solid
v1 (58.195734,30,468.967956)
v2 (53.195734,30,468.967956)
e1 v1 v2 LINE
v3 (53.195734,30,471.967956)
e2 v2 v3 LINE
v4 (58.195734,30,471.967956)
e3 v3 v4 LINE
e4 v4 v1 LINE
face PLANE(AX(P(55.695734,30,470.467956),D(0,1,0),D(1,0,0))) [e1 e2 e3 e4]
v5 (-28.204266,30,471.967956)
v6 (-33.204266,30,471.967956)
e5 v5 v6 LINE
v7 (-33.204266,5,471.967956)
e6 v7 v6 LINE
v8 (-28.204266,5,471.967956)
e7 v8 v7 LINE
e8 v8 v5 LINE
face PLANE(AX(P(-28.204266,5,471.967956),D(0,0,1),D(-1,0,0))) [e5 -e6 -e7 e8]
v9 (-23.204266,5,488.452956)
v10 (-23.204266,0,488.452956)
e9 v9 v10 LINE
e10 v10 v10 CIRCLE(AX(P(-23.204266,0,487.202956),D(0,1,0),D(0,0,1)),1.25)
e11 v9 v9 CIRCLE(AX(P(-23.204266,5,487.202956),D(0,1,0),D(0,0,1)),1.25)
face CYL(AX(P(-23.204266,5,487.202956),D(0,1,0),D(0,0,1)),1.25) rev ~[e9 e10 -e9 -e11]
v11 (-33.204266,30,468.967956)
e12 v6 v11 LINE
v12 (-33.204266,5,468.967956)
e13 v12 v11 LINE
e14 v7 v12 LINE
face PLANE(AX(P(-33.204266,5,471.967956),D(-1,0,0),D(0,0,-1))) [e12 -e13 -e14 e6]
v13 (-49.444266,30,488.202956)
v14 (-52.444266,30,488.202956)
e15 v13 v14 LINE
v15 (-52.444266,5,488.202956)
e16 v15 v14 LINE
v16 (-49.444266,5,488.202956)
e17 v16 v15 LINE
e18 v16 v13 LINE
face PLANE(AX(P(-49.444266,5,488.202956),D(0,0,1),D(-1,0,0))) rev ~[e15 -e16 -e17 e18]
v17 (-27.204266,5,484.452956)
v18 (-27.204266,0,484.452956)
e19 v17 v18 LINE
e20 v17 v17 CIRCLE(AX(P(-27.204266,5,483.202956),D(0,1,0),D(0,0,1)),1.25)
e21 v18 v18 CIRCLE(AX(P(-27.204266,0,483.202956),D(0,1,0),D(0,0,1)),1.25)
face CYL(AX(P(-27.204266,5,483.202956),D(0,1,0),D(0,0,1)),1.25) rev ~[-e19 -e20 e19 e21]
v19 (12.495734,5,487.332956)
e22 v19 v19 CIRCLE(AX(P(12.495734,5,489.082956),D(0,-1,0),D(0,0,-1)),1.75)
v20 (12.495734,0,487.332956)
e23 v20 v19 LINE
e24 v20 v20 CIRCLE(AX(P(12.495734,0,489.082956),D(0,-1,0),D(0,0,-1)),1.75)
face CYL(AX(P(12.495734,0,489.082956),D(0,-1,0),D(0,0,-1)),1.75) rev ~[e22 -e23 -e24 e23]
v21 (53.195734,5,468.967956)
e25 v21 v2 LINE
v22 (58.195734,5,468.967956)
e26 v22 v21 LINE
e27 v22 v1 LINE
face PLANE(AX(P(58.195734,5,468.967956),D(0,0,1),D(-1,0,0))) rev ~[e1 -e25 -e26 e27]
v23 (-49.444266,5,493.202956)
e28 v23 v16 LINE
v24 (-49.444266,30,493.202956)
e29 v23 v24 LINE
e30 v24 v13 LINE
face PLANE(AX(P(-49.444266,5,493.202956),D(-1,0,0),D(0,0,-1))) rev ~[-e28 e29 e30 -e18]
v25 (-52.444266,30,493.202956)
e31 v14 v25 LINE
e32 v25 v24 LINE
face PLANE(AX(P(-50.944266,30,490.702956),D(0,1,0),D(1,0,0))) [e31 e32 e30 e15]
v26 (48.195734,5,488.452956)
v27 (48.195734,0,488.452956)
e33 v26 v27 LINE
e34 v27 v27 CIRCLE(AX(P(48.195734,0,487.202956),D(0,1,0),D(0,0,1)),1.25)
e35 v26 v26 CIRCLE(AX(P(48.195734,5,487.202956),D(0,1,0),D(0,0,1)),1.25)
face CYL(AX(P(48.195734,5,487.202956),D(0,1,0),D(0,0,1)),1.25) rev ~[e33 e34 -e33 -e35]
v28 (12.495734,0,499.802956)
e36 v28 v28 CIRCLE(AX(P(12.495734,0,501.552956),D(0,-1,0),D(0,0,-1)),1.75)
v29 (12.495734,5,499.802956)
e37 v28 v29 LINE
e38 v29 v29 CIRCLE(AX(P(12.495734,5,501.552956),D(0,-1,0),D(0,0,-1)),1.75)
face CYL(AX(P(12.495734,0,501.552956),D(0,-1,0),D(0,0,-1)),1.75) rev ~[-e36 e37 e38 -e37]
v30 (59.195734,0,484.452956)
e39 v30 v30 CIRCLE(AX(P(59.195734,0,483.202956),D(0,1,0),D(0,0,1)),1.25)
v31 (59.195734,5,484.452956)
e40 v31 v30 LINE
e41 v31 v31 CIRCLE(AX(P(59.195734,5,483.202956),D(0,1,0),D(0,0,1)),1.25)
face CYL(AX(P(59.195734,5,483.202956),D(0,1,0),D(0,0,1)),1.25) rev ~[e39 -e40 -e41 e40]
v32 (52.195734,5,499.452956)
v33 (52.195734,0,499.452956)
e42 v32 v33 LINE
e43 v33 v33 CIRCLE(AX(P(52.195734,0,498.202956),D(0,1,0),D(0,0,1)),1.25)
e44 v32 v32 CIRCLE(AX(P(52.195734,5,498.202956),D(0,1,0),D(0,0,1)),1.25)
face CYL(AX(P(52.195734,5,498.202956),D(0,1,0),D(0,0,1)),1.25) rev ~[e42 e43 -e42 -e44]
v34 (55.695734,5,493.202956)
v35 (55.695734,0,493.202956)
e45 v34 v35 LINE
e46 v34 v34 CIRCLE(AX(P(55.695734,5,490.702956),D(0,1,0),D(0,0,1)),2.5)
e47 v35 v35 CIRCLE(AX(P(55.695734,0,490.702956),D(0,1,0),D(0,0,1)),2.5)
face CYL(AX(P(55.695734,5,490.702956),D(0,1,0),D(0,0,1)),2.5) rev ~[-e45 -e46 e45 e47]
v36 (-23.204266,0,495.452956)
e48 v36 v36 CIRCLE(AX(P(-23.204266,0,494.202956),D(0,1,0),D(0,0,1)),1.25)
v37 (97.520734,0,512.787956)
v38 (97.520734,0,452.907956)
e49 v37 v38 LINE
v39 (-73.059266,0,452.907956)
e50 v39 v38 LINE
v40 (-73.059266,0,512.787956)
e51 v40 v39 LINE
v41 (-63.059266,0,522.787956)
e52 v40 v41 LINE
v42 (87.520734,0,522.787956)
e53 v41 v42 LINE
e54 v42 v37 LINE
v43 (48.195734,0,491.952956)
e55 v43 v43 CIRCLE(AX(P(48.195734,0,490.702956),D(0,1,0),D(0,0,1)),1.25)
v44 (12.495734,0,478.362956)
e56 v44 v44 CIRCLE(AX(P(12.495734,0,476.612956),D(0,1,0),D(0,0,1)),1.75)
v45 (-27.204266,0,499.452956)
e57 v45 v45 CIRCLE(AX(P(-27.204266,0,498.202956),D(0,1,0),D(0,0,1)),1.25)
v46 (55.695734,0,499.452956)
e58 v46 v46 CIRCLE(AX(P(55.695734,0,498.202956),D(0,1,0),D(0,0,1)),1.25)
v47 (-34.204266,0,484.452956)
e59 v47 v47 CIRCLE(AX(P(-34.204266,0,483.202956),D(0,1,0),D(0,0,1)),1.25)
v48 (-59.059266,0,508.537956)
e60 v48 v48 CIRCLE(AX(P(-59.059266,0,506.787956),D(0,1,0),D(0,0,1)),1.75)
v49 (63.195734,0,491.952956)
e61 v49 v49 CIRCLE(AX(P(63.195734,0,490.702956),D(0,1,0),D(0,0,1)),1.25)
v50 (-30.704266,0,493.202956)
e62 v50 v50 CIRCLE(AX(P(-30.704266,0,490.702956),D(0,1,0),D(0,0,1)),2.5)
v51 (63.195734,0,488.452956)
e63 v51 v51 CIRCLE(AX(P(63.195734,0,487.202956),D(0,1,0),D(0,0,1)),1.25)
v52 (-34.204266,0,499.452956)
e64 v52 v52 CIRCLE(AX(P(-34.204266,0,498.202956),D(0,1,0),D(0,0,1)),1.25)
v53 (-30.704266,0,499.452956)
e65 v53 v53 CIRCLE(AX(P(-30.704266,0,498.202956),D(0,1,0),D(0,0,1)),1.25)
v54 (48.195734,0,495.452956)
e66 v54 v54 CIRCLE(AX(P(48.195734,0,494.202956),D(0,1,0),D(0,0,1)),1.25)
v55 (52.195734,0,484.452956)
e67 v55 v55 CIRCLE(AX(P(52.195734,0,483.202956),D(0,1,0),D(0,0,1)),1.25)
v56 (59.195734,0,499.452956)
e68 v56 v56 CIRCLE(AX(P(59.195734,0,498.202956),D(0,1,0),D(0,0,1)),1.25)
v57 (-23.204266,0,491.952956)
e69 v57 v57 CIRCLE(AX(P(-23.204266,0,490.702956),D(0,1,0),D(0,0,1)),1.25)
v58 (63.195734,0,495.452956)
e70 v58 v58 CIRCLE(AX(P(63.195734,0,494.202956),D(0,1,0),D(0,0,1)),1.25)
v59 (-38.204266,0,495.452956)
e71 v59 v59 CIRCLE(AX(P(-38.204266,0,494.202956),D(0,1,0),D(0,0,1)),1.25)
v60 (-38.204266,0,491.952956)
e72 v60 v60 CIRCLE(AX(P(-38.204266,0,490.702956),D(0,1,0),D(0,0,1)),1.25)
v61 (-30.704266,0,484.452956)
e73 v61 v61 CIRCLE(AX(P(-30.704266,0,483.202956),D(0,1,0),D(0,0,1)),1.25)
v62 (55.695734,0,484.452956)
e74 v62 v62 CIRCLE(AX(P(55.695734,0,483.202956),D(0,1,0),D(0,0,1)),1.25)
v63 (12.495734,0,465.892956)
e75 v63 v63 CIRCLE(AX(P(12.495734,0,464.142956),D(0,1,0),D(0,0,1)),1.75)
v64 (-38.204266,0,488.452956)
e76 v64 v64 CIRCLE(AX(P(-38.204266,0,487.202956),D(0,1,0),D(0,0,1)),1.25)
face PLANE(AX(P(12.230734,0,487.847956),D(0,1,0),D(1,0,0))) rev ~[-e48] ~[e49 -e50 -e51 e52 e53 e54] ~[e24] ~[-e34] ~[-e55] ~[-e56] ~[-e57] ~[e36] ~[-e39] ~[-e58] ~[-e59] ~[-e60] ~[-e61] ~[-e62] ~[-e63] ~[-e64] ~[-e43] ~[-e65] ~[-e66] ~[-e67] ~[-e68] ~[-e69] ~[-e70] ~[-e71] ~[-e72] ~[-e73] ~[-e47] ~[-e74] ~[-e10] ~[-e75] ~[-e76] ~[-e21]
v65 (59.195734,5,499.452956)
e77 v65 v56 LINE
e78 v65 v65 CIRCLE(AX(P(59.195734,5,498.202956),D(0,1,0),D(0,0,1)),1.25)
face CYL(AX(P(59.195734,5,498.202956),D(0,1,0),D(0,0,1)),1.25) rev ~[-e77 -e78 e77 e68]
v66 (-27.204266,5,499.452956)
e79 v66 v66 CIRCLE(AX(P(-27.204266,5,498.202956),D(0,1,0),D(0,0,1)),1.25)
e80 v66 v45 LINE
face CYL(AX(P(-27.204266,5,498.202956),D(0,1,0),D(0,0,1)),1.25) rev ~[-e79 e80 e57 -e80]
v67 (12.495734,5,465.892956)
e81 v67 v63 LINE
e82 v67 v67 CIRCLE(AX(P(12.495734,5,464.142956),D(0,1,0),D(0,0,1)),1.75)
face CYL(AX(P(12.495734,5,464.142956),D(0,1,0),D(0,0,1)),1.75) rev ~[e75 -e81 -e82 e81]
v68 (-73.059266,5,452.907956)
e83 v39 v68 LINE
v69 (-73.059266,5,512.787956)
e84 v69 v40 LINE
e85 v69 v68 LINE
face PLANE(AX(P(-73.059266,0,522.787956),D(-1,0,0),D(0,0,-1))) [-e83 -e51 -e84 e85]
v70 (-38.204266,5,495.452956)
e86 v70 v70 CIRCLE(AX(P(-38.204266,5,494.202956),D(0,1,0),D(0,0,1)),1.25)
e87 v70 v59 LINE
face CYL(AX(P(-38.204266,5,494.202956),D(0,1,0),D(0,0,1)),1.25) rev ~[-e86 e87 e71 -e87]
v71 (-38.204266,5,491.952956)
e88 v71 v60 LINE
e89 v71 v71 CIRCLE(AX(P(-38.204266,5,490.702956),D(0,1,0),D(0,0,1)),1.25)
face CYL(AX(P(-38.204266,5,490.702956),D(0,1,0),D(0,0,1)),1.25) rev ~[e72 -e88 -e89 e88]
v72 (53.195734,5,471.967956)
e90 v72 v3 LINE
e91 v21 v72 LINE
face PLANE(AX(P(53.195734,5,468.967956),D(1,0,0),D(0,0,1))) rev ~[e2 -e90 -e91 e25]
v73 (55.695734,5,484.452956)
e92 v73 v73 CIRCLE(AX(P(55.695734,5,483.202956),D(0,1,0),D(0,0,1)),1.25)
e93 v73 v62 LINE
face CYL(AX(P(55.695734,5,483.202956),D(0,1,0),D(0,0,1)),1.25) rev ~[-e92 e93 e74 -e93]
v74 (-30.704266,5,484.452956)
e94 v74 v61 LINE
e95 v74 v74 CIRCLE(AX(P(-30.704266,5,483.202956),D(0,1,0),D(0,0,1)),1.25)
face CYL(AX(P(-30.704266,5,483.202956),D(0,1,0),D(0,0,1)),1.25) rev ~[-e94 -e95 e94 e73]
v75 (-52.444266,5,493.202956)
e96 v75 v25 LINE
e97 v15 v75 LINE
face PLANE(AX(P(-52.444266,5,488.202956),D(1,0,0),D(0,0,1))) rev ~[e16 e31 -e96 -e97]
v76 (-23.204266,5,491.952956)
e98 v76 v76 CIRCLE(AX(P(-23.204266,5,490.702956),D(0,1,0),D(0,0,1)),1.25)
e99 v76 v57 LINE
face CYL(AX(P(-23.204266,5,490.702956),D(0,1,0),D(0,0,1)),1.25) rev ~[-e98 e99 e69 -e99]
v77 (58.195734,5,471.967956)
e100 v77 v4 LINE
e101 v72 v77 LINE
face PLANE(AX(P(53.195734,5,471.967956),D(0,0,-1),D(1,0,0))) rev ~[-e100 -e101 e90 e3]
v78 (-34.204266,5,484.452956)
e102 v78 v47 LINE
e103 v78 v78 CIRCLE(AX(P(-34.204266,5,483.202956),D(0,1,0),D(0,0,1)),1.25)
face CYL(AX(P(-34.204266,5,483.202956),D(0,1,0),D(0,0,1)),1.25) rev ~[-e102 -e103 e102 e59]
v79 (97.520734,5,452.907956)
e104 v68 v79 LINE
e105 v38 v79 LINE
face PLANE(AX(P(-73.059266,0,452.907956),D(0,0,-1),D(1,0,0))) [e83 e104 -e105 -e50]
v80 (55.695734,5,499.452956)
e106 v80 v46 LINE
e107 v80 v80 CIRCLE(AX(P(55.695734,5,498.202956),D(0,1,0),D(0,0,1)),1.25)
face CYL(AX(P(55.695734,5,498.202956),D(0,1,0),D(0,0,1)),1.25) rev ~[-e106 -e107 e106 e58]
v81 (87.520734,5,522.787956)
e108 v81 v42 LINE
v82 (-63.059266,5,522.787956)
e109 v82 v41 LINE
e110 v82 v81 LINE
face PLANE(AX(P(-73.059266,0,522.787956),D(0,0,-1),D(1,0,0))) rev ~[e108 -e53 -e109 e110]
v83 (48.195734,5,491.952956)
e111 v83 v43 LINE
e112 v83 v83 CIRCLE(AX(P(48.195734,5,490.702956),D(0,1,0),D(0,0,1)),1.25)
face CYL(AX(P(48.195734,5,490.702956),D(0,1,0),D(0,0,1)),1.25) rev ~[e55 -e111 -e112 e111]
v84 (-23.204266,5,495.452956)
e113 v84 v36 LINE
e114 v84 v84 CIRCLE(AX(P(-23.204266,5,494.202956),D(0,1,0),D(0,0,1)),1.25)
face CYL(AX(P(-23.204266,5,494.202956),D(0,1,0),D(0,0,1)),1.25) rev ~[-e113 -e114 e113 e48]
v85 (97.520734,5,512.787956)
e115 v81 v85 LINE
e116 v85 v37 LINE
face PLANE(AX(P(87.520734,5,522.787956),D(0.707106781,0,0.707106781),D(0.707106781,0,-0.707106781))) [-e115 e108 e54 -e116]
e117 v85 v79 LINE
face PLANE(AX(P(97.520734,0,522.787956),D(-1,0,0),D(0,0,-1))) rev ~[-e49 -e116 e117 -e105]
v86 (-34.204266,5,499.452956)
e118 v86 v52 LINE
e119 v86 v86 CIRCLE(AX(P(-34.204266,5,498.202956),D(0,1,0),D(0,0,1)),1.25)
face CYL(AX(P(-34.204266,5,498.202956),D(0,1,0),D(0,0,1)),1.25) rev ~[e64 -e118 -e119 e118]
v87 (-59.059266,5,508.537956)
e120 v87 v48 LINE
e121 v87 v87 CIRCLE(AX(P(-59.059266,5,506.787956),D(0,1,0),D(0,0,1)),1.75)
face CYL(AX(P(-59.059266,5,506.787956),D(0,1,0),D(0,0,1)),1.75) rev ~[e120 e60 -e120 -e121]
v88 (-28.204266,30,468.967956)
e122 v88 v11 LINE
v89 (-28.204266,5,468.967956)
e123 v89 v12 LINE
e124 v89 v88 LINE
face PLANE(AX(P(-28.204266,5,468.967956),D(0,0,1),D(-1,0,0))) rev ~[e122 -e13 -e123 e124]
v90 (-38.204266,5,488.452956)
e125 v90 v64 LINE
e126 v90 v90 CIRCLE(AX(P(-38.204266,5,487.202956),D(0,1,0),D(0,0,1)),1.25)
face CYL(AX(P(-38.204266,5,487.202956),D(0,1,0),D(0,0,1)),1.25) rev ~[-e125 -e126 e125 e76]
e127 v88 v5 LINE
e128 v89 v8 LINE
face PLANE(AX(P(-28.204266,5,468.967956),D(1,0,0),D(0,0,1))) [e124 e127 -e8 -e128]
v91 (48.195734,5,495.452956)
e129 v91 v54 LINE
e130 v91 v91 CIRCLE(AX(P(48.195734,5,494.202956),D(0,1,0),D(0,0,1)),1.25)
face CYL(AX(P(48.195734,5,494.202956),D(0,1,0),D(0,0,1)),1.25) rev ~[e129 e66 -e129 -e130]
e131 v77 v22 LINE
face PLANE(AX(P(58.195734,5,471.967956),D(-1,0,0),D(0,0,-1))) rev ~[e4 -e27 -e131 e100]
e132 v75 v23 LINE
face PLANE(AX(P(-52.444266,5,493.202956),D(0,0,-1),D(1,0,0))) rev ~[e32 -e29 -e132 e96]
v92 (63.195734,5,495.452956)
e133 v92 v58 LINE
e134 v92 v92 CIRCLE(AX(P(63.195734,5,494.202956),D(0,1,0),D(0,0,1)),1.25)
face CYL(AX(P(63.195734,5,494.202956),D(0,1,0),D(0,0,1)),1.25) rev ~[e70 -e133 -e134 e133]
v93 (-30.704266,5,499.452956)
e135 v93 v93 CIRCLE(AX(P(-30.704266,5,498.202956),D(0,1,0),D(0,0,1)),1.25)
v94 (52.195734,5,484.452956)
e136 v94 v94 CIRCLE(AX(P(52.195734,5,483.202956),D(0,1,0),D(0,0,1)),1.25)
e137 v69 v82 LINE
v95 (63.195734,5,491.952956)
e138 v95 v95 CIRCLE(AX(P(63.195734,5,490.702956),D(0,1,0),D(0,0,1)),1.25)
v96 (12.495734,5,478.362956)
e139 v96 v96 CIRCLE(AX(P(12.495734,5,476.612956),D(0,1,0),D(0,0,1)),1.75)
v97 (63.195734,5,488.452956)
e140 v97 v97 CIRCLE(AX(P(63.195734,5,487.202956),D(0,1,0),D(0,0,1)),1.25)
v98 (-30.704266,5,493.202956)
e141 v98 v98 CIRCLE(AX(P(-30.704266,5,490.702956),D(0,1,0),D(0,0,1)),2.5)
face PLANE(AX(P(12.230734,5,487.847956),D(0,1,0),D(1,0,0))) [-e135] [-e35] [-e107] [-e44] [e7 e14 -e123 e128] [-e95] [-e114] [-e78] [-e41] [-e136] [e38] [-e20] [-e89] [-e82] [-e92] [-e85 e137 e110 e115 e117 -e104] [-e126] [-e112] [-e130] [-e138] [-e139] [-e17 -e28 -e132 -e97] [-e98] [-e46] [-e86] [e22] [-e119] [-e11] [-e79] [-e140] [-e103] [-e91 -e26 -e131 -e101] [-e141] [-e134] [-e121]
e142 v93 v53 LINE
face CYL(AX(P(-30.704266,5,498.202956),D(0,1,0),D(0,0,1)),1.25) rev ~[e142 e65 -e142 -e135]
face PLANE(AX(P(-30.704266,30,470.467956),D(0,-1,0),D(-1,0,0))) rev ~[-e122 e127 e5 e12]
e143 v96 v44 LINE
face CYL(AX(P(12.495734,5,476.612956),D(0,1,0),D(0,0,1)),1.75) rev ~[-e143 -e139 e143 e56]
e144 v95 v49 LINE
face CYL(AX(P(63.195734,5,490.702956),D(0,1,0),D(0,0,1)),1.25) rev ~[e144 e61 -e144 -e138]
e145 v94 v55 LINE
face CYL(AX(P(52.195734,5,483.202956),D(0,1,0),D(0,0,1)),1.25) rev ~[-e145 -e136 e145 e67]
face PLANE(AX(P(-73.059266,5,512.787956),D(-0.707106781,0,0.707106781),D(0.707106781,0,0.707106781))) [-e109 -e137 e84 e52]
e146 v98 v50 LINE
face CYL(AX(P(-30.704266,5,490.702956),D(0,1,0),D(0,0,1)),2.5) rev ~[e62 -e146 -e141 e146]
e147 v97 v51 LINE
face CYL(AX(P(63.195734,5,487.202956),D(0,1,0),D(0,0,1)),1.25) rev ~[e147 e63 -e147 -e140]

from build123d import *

# Parameters (mm, degrees)
SKETCH1_W           = 170.58
SKETCH1_H           = 69.88
BOSS_EXTRUDE1_DEPTH = 5
SKETCH6_R           = 1.25
CUT_EXTRUDE2_DEPTH  = 8
SKETCH7_R           = 1.75
CUT_EXTRUDE3_DEPTH  = 8
BOSS_EXTRUDE2_DEPTH = 25
SKETCH9_R           = 1.75
SKETCH9_R_2         = 1.749999999
CUT_EXTRUDE4_DEPTH  = 10
CUT_EXTRUDE5_DEPTH  = 10
SKETCH11_R          = 2.5
CUT_EXTRUDE6_DEPTH  = 10


with BuildPart() as part:
    # Sketch1 → Boss-Extrude1 (new body)
    with BuildSketch(Plane(origin=(0, 0, 0), x_dir=(1, 0, 0), z_dir=(0, 1, 0))):
        with Locations((12.23073352, -487.847955707)):
            Rectangle(SKETCH1_W, SKETCH1_H)
    extrude(amount=BOSS_EXTRUDE1_DEPTH)

    # Sketch6 → Cut-Extrude2 (cut)
    with BuildSketch(Plane(origin=(0, 5, 0), x_dir=(1, 0, 0), z_dir=(0, 1, 0))):
        with Locations(Location((-30.70426648, -483.202955707, 0), (0, 0, 270))):
            Circle(SKETCH6_R)
        with Locations(Location((-23.20426648, -490.702955707, 0), (0, 0, 270))):
            Circle(SKETCH6_R)
        with Locations(Location((-30.70426648, -498.202955707, 0), (0, 0, 270))):
            Circle(SKETCH6_R)
        with Locations(Location((-38.20426648, -490.702955707, 0), (0, 0, 270))):
            Circle(SKETCH6_R)
        with Locations(Location((-38.20426648, -487.202955707, 0), (0, 0, 270))):
            Circle(SKETCH6_R)
        with Locations(Location((-38.20426648, -494.202955707, 0), (0, 0, 270))):
            Circle(SKETCH6_R)
        with Locations(Location((-23.20426648, -487.202955707, 0), (0, 0, 270))):
            Circle(SKETCH6_R)
        with Locations(Location((-23.20426648, -494.202955707, 0), (0, 0, 270))):
            Circle(SKETCH6_R)
        with Locations(Location((-27.20426648, -498.202955707, 0), (0, 0, 270))):
            Circle(SKETCH6_R)
        with Locations(Location((-34.20426648, -498.202955707, 0), (0, 0, 270))):
            Circle(SKETCH6_R)
        with Locations(Location((-27.20426648, -483.202955707, 0), (0, 0, 270))):
            Circle(SKETCH6_R)
        with Locations(Location((-34.20426648, -483.202955707, 0), (0, 0, 270))):
            Circle(SKETCH6_R)
        with Locations(Location((55.69573352, -483.202955707, 0), (0, 0, 270))):
            Circle(SKETCH6_R)
        with Locations(Location((55.69573352, -498.202955707, 0), (0, 0, 270))):
            Circle(SKETCH6_R)
        with Locations(Location((63.19573352, -490.702955707, 0), (0, 0, 270))):
            Circle(SKETCH6_R)
        with Locations(Location((48.19573352, -490.702955707, 0), (0, 0, 270))):
            Circle(SKETCH6_R)
        with Locations(Location((59.19573352, -483.202955707, 0), (0, 0, 270))):
            Circle(SKETCH6_R)
        with Locations(Location((52.19573352, -483.202955707, 0), (0, 0, 270))):
            Circle(SKETCH6_R)
        with Locations(Location((48.19573352, -487.202955707, 0), (0, 0, 270))):
            Circle(SKETCH6_R)
        with Locations(Location((48.19573352, -494.202955707, 0), (0, 0, 270))):
            Circle(SKETCH6_R)
        with Locations(Location((59.19573352, -498.202955707, 0), (0, 0, 270))):
            Circle(SKETCH6_R)
        with Locations(Location((52.19573352, -498.202955707, 0), (0, 0, 270))):
            Circle(SKETCH6_R)
        with Locations(Location((63.19573352, -487.202955707, 0), (0, 0, 270))):
            Circle(SKETCH6_R)
        with Locations(Location((63.19573352, -494.202955707, 0), (0, 0, 270))):
            Circle(SKETCH6_R)
    extrude(amount=-CUT_EXTRUDE2_DEPTH, mode=Mode.SUBTRACT)

    # Sketch7 → Cut-Extrude3 (cut)
    with BuildSketch(Plane.XZ):
        with Locations(Location((12.49573352, 489.082955707, 0), (0, 0, 270))):
            Circle(SKETCH7_R)
        with Locations(Location((12.49573352, 501.552955707, 0), (0, 0, 270))):
            Circle(SKETCH7_R)
    extrude(amount=-CUT_EXTRUDE3_DEPTH, mode=Mode.SUBTRACT)

    # Sketch8 → Boss-Extrude2 (add)
    with BuildSketch(Plane(origin=(0, 5, 0), x_dir=(1, 0, 0), z_dir=(0, 1, 0))):
        Polygon((53.19573352, -471.967955707), (55.69573352, -471.967955707), (58.19573352, -471.967955707), (58.19573352, -468.967955707), (53.19573352, -468.967955707), align=None)
        Polygon((-33.20426648, -471.967955707), (-33.20426648, -468.967955707), (-30.70426648, -468.967955707), (-28.20426648, -468.967955707), (-28.20426648, -471.967955707), align=None)
        Polygon((-49.44426648, -493.202955707), (-49.44426648, -490.702955707), (-49.44426648, -488.202955707), (-52.44426648, -488.202955707), (-52.44426648, -493.202955707), align=None)
    extrude(amount=BOSS_EXTRUDE2_DEPTH)

    # Sketch9 → Cut-Extrude4 (cut)
    with BuildSketch(Plane(origin=(0, 5, 0), x_dir=(1, 0, 0), z_dir=(0, 1, 0))):
        with Locations(Location((12.49573352, -476.612955707, 0), (0, 0, 270))):
            Circle(SKETCH9_R)
        with Locations(Location((12.49573352, -464.142955707, 0), (0, 0, 270))):
            Circle(SKETCH9_R)
        with Locations(Location((-59.05926648, -506.787955707, 0), (0, 0, 270))):
            Circle(SKETCH9_R_2)
    extrude(amount=-CUT_EXTRUDE4_DEPTH, mode=Mode.SUBTRACT)

    # Sketch10 → Cut-Extrude5 (cut)
    with BuildSketch(Plane(origin=(0, 5, 0), x_dir=(1, 0, 0), z_dir=(0, 1, 0))):
        Polygon((-73.05926648, -522.787955707), (-73.05926648, -512.787955707), (-63.05926648, -522.787955707), align=None)
        Polygon((97.52073352, -522.787955707), (87.52073352, -522.787955707), (97.52073352, -512.787955707), align=None)
    extrude(amount=-CUT_EXTRUDE5_DEPTH, mode=Mode.SUBTRACT)

    # Sketch11 → Cut-Extrude6 (cut)
    with BuildSketch(Plane(origin=(0, 5, 0), x_dir=(1, 0, 0), z_dir=(0, 1, 0))):
        with Locations(Location((-30.70426648, -490.702955707, 0), (0, 0, 270))):
            Circle(SKETCH11_R)
        with Locations(Location((55.69573352, -490.702955707, 0), (0, 0, 270))):
            Circle(SKETCH11_R)
    extrude(amount=-CUT_EXTRUDE6_DEPTH, mode=Mode.SUBTRACT)


solid = part.part
